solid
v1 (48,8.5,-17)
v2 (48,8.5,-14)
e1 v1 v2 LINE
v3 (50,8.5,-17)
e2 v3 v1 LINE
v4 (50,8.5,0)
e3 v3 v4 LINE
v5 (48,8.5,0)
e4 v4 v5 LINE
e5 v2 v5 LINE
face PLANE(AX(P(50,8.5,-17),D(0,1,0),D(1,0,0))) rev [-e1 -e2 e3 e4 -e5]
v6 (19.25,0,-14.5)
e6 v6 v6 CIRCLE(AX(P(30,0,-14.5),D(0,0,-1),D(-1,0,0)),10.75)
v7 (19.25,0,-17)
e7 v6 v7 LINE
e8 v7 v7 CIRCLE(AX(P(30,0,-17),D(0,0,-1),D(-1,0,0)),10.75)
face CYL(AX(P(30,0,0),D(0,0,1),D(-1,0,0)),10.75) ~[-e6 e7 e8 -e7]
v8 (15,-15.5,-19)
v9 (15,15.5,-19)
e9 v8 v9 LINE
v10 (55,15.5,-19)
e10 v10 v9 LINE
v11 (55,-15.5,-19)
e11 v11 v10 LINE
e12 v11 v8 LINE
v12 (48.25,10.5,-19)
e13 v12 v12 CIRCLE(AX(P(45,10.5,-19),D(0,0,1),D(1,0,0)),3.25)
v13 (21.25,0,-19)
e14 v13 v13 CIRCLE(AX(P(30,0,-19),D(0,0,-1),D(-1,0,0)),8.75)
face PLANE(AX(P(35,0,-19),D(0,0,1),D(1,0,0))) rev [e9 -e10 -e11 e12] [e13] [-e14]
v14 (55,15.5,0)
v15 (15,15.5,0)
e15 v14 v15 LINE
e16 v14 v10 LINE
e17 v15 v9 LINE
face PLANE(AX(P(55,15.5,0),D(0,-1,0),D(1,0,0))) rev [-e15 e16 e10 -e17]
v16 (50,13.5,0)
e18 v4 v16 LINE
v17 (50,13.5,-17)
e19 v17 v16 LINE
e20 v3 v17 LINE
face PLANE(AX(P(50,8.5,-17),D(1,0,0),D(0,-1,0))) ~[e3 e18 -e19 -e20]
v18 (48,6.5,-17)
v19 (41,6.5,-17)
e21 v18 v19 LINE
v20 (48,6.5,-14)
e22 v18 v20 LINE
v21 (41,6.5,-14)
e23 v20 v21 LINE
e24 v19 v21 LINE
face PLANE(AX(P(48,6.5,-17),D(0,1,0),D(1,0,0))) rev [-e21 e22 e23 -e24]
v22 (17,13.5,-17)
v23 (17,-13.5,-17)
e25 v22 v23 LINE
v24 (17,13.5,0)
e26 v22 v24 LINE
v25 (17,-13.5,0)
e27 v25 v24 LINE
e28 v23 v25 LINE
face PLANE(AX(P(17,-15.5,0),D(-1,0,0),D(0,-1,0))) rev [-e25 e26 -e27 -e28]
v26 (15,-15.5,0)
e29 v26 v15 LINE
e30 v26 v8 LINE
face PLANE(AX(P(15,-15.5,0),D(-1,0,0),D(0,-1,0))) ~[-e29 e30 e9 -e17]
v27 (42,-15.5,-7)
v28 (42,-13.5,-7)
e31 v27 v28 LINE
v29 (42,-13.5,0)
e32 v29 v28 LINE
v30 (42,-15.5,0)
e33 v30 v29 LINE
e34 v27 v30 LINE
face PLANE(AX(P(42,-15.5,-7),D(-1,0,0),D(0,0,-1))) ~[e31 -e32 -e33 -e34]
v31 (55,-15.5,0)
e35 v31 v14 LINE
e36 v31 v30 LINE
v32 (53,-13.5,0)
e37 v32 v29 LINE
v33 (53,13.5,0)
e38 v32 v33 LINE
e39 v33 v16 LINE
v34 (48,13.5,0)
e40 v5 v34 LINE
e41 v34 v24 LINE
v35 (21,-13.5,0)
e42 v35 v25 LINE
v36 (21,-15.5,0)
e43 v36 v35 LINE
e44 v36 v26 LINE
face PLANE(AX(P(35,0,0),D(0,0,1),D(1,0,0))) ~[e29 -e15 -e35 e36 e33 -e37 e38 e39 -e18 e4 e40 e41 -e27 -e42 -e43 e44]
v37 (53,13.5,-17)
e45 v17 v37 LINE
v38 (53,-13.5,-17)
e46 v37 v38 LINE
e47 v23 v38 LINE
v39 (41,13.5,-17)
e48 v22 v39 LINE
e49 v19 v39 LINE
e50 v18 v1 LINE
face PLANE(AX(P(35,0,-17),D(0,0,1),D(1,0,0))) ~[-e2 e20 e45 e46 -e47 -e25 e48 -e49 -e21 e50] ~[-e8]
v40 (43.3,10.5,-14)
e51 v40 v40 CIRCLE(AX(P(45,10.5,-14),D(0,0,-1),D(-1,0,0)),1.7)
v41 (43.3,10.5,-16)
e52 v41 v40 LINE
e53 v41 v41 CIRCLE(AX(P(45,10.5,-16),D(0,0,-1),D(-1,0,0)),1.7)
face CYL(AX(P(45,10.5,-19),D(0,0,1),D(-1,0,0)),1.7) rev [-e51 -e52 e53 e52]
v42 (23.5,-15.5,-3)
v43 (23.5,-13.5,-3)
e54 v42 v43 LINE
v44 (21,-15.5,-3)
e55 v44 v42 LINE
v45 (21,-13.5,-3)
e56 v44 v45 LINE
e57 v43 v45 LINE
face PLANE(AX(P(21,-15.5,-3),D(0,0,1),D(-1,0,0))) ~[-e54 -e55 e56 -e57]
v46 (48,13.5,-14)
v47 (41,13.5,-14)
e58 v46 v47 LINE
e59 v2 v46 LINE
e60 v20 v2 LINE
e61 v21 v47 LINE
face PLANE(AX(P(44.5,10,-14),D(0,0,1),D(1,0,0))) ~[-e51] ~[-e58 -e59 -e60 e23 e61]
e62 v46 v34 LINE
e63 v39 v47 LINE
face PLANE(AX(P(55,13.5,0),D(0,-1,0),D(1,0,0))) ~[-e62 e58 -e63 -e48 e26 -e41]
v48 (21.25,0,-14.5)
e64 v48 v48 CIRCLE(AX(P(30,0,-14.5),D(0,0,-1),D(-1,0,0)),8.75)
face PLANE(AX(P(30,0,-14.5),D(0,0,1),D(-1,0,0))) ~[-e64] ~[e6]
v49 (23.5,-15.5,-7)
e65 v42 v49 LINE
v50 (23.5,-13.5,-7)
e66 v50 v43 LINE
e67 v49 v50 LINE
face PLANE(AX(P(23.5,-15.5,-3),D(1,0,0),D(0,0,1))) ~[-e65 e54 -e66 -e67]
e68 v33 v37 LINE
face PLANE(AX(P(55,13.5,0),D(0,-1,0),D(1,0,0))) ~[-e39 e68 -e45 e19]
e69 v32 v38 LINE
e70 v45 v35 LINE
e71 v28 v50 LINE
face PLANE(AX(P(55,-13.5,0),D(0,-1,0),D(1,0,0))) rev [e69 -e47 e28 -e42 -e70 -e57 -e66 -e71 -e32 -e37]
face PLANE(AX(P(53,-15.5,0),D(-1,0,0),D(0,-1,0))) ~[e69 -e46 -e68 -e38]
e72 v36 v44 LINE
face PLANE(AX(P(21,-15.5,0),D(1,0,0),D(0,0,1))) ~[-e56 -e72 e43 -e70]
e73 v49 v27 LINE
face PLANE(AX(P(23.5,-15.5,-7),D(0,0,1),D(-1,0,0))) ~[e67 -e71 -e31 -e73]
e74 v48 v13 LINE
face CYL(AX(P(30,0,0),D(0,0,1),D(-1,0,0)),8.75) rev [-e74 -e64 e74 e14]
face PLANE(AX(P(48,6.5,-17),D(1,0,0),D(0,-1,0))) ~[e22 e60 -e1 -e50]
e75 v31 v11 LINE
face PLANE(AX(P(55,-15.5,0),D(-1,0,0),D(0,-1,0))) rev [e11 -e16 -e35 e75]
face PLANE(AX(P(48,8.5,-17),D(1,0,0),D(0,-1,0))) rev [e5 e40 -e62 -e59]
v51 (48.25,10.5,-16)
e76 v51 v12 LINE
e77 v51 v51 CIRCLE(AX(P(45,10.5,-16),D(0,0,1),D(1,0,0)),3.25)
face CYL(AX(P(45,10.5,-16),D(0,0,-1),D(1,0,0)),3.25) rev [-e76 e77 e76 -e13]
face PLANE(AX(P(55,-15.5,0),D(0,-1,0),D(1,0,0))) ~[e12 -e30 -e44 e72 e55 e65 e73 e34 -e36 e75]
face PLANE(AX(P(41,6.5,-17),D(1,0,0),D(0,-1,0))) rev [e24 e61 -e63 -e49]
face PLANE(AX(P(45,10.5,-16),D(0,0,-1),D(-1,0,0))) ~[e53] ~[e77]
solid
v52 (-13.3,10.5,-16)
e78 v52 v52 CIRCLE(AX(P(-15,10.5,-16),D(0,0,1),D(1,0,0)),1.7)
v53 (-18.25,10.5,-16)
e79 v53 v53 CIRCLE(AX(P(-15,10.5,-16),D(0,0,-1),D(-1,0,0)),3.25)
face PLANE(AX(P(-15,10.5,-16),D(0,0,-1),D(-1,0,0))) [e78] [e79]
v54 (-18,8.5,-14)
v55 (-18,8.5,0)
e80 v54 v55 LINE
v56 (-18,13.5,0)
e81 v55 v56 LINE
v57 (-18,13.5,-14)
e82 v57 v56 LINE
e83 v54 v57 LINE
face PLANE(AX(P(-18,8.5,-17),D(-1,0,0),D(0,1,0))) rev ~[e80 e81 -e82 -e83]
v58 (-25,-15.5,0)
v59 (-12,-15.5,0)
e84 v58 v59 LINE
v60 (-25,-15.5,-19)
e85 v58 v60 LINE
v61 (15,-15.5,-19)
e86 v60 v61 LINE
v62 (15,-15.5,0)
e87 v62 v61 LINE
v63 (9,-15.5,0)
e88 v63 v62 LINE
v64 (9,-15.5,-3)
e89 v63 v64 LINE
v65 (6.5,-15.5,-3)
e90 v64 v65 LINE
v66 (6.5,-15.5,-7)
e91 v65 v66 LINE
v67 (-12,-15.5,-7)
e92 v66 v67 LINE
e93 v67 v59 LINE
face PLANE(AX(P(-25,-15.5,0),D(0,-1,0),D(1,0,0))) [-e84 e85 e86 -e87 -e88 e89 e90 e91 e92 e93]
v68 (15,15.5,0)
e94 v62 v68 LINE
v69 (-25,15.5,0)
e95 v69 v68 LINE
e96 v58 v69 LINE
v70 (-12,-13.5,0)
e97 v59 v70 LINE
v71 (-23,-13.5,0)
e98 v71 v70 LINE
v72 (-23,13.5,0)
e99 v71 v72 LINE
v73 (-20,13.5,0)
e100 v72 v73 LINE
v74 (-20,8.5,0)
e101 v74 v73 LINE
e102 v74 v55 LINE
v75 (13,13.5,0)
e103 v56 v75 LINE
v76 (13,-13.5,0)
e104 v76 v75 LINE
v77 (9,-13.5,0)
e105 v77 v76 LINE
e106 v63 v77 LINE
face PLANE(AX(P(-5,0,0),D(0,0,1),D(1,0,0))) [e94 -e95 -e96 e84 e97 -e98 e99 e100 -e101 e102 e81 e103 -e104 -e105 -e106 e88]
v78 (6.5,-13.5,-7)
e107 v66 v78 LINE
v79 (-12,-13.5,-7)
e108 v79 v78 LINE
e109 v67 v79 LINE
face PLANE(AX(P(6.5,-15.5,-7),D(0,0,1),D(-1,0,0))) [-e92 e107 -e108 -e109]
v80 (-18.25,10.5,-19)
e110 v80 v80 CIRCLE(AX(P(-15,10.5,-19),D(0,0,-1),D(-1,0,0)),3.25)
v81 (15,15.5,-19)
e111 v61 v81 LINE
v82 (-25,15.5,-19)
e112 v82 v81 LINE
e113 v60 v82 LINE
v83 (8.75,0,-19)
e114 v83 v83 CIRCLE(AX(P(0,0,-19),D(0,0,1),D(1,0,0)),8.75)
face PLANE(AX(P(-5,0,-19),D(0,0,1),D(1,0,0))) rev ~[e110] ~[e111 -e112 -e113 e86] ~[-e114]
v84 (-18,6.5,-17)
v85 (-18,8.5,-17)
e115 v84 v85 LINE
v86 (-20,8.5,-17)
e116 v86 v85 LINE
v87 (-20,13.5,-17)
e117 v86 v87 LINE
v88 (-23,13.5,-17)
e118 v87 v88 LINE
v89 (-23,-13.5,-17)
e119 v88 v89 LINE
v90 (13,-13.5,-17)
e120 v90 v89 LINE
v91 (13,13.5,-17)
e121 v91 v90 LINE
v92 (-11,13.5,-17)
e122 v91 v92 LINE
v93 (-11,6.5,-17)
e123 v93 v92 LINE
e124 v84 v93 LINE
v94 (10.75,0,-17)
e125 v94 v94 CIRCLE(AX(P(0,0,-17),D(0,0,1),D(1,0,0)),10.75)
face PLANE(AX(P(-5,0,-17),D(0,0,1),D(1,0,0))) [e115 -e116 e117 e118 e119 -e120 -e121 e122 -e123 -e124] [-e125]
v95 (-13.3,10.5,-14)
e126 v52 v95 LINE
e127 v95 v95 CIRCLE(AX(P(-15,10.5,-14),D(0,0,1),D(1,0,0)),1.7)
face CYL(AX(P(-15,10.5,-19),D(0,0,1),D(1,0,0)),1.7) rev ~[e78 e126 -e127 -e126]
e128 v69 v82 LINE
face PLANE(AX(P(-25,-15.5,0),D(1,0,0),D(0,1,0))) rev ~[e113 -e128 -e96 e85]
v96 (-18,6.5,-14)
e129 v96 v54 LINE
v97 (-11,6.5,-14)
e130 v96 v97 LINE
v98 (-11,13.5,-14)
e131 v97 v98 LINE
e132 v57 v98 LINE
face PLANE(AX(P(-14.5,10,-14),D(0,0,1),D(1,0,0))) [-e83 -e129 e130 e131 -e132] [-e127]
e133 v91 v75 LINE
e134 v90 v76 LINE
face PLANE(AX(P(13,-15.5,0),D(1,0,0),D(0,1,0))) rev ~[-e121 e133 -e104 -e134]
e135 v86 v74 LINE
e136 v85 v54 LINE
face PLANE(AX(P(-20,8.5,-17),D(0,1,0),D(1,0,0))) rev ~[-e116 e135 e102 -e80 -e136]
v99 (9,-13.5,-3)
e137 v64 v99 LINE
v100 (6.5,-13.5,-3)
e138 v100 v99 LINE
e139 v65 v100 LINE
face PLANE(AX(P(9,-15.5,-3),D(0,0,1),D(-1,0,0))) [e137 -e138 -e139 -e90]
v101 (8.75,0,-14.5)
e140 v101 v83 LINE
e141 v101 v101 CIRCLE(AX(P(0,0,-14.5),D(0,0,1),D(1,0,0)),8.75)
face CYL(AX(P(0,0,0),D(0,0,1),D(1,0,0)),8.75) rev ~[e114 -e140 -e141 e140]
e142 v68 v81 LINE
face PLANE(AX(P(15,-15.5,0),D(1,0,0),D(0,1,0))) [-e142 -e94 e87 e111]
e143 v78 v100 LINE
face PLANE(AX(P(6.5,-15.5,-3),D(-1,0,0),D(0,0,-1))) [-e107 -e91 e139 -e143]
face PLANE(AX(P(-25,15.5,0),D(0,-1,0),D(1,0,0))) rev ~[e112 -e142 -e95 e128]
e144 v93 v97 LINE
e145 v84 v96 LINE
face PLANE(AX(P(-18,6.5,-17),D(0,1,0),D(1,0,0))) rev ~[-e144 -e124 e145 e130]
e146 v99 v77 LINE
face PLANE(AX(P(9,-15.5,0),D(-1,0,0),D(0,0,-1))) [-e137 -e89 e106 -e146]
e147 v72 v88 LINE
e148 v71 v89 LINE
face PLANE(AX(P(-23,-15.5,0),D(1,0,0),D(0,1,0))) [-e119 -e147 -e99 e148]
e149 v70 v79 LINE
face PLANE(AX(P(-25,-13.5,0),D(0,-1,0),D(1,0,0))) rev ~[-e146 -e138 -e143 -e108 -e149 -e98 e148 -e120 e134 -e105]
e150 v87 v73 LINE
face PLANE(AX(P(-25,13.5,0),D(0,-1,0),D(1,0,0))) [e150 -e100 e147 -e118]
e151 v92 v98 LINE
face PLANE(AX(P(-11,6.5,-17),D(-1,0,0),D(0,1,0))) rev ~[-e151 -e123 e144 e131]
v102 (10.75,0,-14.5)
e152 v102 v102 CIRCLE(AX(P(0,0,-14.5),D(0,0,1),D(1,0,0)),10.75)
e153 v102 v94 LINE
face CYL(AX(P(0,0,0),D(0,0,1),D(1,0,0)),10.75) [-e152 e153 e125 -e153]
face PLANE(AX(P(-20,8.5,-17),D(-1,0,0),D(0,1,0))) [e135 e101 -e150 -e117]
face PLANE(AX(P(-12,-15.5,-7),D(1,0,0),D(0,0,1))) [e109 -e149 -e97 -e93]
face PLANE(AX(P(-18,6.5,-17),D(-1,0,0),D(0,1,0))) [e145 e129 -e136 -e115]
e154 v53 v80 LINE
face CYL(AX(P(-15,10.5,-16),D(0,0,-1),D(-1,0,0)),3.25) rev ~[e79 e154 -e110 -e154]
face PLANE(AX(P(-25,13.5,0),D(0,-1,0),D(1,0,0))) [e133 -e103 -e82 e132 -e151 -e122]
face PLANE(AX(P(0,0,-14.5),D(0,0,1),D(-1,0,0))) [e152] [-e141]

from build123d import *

# Parameters (mm, degrees)
SKETCH1_W                      = 40
SKETCH1_H                      = 31
SKETCH1_R                      = 8.75
BOSS_EXTRUDE1_DEPTH            = 19
SHELL1_T                       = -2
SKETCH2_R                      = 10.75
SKETCH2_R_2                    = 8.75
CUT_EXTRUDE1_DEPTH             = 14.5
SKETCH3_W                      = 2
SKETCH3_H                      = 5
BOSS_EXTRUDE2_DEPTH            = 17
SKETCH8_W                      = 7
SKETCH8_H                      = 7
BOSS_EXTRUDE3_DEPTH            = 3
CBORE_FOR_M3_SHCS1_D           = 3.4
CBORE_FOR_M3_SHCS1_CBORE_D     = 6.5
CBORE_FOR_M3_SHCS1_CBORE_DEPTH = 3
CUT_EXTRUDE3_REACH             = 46.125


with BuildPart() as part:
    # Sketch1 → Boss-Extrude1 (new body)
    with BuildSketch(Plane.XY):
        with Locations((-5, 0)):
            Rectangle(SKETCH1_W, SKETCH1_H)
        Circle(SKETCH1_R, mode=Mode.SUBTRACT)
    extrude(amount=-BOSS_EXTRUDE1_DEPTH)

    # Shell1
    shell1_openings = [part.faces().sort_by_distance(p)[0] for p in [
        (-5, -14.993936763, 0),
    ]]
    offset(amount=SHELL1_T, openings=shell1_openings, kind=Kind.INTERSECTION)

    # Sketch2 → Cut-Extrude1 (cut)
    with BuildSketch(Plane.XY):
        with Locations(Location((0, 0, 0), (0, 0, 180))):
            Circle(SKETCH2_R)
        Circle(SKETCH2_R_2, mode=Mode.SUBTRACT)
    extrude(amount=-CUT_EXTRUDE1_DEPTH, mode=Mode.SUBTRACT)

    # Sketch3 → Boss-Extrude2 (add)
    with BuildSketch(Plane.XY.offset(-17)):
        with Locations((-19, 11)):
            Rectangle(SKETCH3_W, SKETCH3_H)
    extrude(amount=BOSS_EXTRUDE2_DEPTH)

    # Sketch8 → Boss-Extrude3 (add)
    with BuildSketch(Plane.XY.offset(-17)):
        with Locations((-14.5, 10)):
            Rectangle(SKETCH8_W, SKETCH8_H)
    extrude(amount=BOSS_EXTRUDE3_DEPTH)

    # CBORE for M3 SHCS1 (through all)
    with Locations(Plane(origin=(0, 0, -19), x_dir=(-1, 0, 0), z_dir=(0, 0, -1))):
        with Locations((15, 10.5)):
            CounterBoreHole(CBORE_FOR_M3_SHCS1_D / 2, CBORE_FOR_M3_SHCS1_CBORE_D / 2, CBORE_FOR_M3_SHCS1_CBORE_DEPTH)

    # Sketch9 → Cut-Extrude3 (cut, up to next)
    with BuildSketch(Plane.XZ.offset(15.5), mode=Mode.PRIVATE) as cut_extrude3_sk1:
        Polygon((-12, 0), (6.5, 0), (9, 0), (9, -3), (6.5, -3), (6.5, -7), (-12, -7), align=None)
    cut_extrude3_tool1 = extrude(cut_extrude3_sk1.sketch, amount=-CUT_EXTRUDE3_REACH, mode=Mode.PRIVATE) & part.part
    add(cut_extrude3_tool1.solids().sort_by_distance((-2.175182, -15.5, -3.390511))[0], mode=Mode.SUBTRACT)


with BuildPart() as body_2:
    # Mirror2: mirrored copy
    add(part.part.mirror(Plane(origin=(15, -15.5, -19), x_dir=(0, 0, 1), z_dir=(1, 0, 0))))


solid = Compound([part.part, body_2.part])
